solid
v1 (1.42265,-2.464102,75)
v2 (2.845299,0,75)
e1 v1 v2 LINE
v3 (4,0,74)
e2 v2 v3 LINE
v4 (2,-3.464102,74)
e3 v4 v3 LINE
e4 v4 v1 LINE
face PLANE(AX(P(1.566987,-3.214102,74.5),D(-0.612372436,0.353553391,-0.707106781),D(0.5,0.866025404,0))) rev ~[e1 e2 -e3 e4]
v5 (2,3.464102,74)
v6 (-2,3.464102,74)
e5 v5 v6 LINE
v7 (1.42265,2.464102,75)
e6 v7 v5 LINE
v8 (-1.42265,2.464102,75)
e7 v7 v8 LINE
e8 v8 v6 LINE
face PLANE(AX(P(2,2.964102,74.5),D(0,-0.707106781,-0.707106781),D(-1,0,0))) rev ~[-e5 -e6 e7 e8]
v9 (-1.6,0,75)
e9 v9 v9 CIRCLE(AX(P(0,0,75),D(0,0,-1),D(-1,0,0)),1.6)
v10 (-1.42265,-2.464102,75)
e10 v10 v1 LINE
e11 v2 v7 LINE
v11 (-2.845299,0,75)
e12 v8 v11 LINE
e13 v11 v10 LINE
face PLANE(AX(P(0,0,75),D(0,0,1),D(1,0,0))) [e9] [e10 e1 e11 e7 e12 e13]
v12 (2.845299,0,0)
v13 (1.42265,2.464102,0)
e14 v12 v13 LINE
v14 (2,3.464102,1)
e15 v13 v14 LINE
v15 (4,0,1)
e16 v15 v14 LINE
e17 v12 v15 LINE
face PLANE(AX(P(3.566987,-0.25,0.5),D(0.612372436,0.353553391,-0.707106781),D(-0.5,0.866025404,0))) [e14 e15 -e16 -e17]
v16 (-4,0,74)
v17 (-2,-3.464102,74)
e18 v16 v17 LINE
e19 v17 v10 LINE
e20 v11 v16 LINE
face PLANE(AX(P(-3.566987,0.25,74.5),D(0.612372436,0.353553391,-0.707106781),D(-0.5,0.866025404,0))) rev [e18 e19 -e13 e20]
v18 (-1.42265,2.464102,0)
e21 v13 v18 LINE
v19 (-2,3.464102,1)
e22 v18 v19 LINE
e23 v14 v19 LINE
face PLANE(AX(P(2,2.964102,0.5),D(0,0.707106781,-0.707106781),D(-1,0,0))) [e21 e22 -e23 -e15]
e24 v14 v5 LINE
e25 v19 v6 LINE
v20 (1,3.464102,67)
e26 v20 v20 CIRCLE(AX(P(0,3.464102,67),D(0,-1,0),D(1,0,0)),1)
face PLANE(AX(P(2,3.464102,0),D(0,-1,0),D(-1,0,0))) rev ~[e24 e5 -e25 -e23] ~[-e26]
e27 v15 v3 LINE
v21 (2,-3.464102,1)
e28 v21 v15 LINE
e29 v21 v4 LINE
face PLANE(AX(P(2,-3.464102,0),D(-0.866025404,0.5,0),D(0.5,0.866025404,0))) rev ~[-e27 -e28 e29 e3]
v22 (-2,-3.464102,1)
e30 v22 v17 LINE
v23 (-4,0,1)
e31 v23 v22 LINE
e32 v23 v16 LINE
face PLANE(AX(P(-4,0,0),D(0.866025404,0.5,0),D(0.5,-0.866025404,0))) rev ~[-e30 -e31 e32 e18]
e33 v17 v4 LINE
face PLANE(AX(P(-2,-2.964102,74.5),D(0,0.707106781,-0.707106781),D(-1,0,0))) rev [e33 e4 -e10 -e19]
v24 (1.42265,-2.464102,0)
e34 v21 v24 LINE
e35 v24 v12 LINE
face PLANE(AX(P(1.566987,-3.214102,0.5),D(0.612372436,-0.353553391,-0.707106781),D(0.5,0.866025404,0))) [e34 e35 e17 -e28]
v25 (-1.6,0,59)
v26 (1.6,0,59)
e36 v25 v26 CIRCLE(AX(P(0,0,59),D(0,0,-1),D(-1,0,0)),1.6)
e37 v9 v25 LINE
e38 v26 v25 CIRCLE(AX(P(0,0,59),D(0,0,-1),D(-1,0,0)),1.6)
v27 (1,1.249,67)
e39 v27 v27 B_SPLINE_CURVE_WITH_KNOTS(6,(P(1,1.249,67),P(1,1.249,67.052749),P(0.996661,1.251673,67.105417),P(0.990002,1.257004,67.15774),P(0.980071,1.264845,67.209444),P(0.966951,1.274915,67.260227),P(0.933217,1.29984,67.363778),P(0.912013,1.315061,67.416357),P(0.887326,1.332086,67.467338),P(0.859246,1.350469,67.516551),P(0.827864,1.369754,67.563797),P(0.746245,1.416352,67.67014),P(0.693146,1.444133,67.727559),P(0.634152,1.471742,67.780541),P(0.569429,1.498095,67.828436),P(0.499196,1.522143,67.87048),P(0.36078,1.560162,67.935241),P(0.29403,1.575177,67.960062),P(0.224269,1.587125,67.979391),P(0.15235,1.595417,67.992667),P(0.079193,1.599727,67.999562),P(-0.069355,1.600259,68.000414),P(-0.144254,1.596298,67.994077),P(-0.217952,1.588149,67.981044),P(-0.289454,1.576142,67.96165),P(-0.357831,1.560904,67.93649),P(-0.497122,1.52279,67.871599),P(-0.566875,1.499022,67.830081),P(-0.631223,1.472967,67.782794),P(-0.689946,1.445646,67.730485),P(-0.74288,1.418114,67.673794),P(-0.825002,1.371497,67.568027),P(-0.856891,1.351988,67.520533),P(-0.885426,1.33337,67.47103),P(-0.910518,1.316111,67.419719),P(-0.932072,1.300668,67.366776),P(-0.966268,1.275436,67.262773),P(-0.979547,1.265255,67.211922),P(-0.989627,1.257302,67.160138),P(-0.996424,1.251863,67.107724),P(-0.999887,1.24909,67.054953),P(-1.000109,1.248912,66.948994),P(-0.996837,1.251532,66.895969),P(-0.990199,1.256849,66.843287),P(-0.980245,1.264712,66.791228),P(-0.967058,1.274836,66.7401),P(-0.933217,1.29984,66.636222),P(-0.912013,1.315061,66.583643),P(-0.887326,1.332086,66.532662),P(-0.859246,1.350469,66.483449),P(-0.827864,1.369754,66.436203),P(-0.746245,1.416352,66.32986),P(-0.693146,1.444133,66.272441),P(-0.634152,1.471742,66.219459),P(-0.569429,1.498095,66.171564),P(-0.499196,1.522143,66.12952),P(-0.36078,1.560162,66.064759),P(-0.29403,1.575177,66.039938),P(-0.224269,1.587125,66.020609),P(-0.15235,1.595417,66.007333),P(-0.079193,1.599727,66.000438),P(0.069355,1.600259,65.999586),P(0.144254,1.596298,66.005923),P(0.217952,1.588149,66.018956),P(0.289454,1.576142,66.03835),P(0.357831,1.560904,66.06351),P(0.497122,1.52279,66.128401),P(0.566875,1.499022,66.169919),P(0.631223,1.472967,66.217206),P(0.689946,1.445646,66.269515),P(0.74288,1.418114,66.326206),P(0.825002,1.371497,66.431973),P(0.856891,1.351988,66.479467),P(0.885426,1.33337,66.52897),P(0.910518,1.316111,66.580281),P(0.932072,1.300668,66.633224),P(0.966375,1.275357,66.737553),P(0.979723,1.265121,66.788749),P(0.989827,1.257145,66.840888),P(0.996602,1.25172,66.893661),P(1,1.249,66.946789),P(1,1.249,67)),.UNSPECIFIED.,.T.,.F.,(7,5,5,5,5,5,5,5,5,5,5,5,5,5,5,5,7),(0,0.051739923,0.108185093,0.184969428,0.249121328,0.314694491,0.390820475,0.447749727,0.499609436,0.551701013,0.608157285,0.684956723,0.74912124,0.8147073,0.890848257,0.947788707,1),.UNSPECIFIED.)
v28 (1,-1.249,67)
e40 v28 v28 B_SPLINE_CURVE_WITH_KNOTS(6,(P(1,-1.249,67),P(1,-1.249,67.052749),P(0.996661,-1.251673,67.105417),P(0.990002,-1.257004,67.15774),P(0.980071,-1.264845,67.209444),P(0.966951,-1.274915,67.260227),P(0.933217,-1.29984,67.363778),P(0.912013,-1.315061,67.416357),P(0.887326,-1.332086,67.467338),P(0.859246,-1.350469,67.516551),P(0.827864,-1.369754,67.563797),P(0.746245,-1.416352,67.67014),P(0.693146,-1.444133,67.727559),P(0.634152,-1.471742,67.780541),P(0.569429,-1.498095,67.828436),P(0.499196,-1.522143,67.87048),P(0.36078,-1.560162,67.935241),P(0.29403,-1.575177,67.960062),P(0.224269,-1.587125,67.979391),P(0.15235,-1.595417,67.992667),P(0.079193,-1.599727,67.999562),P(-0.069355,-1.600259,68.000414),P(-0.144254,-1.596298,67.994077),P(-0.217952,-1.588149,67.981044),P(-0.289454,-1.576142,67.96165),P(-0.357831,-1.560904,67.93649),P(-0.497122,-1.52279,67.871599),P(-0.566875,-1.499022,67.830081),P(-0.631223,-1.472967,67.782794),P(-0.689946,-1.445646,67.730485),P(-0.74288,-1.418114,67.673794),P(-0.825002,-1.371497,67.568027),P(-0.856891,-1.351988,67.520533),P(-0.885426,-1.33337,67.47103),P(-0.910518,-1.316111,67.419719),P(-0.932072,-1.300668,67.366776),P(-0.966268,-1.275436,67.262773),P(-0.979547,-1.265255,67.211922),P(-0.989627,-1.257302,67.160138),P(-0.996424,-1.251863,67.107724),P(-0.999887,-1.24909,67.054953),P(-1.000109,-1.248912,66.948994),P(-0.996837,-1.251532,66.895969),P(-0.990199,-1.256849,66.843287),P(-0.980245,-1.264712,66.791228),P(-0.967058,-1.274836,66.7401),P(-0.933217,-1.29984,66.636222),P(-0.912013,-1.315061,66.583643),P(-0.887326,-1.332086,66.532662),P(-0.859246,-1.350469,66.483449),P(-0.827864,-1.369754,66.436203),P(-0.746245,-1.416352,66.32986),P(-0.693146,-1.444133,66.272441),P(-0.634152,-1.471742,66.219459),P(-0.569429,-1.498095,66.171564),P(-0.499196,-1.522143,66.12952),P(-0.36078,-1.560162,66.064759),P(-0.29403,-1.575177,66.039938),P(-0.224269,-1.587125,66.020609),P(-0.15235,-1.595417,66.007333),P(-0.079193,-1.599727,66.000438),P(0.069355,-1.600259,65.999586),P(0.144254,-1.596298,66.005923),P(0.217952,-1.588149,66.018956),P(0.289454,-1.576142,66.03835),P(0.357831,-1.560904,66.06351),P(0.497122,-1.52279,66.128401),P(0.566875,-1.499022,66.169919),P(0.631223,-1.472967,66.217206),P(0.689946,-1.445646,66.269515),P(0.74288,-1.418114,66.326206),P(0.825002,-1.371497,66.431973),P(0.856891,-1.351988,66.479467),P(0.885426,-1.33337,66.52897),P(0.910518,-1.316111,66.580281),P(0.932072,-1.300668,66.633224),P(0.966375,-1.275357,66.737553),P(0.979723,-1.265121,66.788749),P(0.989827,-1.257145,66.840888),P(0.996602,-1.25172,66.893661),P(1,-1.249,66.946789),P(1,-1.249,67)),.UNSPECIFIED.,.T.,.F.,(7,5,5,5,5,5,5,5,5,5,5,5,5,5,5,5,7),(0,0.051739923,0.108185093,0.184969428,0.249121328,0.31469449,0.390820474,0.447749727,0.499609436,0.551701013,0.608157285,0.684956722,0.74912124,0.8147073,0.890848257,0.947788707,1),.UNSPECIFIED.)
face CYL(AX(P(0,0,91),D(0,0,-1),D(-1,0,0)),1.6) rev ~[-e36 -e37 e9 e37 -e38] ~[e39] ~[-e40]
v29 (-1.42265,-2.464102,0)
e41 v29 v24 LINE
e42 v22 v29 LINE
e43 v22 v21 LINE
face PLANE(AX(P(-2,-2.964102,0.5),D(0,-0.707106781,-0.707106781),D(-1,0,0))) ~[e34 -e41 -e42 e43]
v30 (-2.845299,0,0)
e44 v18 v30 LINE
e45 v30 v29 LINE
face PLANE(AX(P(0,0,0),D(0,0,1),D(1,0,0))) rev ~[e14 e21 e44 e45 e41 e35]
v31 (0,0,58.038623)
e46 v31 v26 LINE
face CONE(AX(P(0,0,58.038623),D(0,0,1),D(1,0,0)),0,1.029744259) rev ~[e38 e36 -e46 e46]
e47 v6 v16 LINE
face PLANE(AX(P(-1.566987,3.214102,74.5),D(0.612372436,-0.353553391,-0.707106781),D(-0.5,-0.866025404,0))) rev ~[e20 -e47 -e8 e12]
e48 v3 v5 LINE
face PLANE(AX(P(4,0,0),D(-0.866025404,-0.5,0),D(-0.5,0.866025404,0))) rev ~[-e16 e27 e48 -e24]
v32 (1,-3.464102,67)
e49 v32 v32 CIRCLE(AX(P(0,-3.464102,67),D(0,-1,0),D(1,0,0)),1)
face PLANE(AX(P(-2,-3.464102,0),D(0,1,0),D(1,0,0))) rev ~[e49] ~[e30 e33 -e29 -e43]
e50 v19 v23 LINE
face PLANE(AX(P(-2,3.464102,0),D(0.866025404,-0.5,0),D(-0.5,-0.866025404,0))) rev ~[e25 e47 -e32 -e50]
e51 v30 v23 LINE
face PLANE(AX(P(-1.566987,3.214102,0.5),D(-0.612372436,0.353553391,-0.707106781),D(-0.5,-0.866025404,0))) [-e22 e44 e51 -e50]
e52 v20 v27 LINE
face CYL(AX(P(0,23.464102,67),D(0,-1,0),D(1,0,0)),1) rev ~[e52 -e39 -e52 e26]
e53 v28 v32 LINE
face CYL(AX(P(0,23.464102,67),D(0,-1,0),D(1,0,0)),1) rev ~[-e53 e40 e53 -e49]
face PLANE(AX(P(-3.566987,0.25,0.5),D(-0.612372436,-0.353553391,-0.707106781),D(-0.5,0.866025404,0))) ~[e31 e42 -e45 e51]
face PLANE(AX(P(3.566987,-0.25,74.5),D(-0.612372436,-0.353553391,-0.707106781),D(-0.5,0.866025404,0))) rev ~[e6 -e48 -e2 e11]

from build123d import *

# Parameters (mm, degrees)
F1_DEPTH = 75
F3_D     = 3.2
F3_DEPTH = 16
F3_TIP   = 0.9613769904
F5_D     = 2
F5_DEPTH = 20
F5_TIP   = 0.600860619
F6_SIZE  = 1


with BuildPart() as f1:
    # F0 (on Top) → F1 (new body)
    with BuildSketch(Plane.XY):
        Polygon((-2, -3.4641016151), (2, -3.4641016151), (4, 0), (2, 3.4641016151), (-2, 3.4641016151), (-4, 0), align=None)
    extrude(amount=F1_DEPTH)

    # F3
    with Locations(Plane.XY.offset(75)):
        with Locations((0, 0)):
            Hole(F3_D / 2, depth=F3_DEPTH)
            with Locations((0, 0, -(F3_DEPTH + F3_TIP / 2))):  # 118° drill point
                Cone(0, F3_D / 2, F3_TIP, mode=Mode.SUBTRACT)

    # F5
    with Locations(Plane(origin=(0, 3.4641016151, 0), x_dir=(-1, 0, 0), z_dir=(0, 1, 0))):
        with Locations((0, 67)):
            Hole(F5_D / 2, depth=F5_DEPTH)
            with Locations((0, 0, -(F5_DEPTH + F5_TIP / 2))):  # 118° drill point
                Cone(0, F5_D / 2, F5_TIP, mode=Mode.SUBTRACT)

    # F6
    f6_edges = [f1.edges().sort_by_distance(p)[0] for p in [
        (0, 3.464102, 75),
        (-3, 1.732051, 75),
        (-3, -1.732051, 75),
        (0, -3.464102, 75),
        (3, -1.732051, 75),
        (3, 1.732051, 75),
        (-3, 1.732051, 0),
        (0, 3.464102, 0),
        (-3, -1.732051, 0),
        (0, -3.464102, 0),
        (3, -1.732051, 0),
        (3, 1.732051, 0),
    ]]
    chamfer(f6_edges, length=F6_SIZE)


solid = f1.part
